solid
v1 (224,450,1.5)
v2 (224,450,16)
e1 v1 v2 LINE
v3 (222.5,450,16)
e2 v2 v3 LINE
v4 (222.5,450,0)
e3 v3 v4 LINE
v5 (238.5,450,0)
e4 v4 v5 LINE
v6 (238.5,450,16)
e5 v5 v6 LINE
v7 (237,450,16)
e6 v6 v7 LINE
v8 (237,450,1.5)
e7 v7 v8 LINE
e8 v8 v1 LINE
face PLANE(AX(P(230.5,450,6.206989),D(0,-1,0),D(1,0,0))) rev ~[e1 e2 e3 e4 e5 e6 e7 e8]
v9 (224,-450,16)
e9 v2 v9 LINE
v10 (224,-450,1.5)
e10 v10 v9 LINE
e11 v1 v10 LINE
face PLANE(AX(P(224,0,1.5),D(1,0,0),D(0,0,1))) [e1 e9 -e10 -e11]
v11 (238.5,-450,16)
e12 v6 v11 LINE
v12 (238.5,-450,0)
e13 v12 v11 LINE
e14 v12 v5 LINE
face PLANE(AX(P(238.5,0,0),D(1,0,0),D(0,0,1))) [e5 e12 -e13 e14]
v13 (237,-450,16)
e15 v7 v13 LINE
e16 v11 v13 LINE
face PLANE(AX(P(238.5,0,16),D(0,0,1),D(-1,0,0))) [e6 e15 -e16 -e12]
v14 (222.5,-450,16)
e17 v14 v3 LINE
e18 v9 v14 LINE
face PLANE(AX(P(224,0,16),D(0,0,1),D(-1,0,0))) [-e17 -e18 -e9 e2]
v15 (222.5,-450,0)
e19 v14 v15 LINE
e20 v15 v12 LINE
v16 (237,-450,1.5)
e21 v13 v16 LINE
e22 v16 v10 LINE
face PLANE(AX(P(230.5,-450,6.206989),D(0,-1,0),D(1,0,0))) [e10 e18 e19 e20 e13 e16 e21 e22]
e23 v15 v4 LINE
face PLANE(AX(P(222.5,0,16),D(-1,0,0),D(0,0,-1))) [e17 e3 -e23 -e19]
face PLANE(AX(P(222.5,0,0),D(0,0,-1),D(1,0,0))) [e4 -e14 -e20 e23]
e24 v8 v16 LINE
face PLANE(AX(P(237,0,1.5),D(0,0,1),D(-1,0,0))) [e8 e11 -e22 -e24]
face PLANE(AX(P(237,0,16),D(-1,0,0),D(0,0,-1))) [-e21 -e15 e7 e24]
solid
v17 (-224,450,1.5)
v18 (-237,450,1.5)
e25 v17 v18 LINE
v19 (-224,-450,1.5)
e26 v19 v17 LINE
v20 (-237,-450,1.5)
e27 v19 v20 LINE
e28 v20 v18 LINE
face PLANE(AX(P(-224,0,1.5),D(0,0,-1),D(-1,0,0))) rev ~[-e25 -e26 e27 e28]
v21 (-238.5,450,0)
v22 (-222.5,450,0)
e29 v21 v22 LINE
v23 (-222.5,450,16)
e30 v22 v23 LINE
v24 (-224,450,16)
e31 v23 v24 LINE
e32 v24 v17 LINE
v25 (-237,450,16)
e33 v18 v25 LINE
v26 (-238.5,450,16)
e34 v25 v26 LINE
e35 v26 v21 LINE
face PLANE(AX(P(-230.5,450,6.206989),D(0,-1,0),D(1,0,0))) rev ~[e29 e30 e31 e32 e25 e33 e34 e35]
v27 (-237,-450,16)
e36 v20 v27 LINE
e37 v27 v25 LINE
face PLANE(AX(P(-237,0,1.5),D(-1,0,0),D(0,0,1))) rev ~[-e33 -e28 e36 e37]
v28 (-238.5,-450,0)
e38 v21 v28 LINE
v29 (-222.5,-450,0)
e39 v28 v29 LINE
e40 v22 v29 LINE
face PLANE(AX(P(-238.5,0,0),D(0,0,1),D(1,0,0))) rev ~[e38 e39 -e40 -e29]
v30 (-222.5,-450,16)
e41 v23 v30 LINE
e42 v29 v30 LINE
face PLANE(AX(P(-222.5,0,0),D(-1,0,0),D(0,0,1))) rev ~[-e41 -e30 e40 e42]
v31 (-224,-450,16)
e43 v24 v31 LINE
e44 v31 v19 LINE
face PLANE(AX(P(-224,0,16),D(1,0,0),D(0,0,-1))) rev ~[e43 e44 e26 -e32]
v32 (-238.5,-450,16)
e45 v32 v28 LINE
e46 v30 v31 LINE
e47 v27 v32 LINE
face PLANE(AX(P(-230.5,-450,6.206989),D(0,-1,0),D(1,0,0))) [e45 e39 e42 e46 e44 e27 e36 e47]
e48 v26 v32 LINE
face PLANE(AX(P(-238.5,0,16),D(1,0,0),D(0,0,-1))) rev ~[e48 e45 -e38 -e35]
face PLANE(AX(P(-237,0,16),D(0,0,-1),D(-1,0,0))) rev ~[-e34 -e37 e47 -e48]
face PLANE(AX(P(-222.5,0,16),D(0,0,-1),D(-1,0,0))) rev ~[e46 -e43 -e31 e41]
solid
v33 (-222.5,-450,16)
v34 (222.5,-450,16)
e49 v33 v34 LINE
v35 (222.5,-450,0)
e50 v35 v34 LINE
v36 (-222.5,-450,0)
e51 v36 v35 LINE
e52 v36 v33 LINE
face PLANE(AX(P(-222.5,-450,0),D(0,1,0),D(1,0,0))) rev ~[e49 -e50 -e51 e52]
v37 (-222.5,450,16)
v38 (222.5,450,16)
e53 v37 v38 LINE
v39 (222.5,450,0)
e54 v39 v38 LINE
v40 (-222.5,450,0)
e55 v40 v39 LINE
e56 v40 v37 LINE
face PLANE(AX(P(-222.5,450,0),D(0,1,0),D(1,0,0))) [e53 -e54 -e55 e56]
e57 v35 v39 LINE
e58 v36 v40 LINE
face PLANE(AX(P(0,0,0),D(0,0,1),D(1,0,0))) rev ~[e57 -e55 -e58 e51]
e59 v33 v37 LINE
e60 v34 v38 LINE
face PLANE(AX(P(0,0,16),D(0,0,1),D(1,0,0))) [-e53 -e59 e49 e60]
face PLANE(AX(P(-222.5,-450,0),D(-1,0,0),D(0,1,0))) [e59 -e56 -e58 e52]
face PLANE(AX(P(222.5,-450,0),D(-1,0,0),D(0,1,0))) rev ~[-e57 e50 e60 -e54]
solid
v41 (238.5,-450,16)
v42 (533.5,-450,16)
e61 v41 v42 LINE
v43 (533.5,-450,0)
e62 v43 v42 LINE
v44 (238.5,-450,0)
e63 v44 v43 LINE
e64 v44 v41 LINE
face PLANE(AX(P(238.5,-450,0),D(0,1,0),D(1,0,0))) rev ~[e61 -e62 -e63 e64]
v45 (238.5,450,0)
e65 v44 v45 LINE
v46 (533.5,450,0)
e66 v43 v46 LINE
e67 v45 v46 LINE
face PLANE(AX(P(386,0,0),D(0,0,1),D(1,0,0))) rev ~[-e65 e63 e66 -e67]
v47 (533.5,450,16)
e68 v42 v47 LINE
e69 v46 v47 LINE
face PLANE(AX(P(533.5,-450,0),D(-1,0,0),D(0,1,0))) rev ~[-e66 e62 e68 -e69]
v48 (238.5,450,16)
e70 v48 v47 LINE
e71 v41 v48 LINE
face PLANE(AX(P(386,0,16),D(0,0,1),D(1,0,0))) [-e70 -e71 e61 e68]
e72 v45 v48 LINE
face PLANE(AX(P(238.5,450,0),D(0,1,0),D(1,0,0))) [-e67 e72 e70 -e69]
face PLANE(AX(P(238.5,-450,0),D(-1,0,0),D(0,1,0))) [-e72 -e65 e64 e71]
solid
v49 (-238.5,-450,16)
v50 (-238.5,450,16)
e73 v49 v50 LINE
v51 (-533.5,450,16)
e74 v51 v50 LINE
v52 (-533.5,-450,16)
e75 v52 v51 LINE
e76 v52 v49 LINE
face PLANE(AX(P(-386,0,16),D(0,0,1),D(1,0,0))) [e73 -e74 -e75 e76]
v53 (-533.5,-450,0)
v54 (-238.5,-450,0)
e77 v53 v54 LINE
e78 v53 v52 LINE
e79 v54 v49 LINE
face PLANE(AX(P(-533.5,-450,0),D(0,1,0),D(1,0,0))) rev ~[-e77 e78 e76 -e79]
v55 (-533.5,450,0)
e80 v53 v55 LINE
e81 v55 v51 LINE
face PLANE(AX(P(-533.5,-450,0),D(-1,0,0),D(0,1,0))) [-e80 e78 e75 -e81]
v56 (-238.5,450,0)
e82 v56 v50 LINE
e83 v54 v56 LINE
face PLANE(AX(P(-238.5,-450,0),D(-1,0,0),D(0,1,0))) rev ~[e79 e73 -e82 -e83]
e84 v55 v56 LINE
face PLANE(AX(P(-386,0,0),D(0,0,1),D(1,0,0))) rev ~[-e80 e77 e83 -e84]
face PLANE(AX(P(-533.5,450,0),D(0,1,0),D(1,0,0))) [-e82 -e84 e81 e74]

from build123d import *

# Parameters (mm, degrees)
F0_W     = 295
F0_H     = 900
F0_W_2   = 445
F1_DEPTH = 16
F3_DEPTH = 450


with BuildPart() as f1:
    # F0 (on Top) → F1 (new body)
    with BuildSketch(Plane.XY):
        with Locations((-386, 0)):
            Rectangle(F0_W, F0_H)
        Rectangle(F0_W_2, F0_H)
        with Locations((386, 0)):
            Rectangle(F0_W, F0_H)
    extrude(amount=F1_DEPTH)


with BuildPart() as f3:
    # F2 (on Front) → F3 (new body, symmetric)
    with BuildSketch(Plane.XZ):
        Polygon((-237, 16), (-238.5, 16), (-238.5, 0), (-222.5, 0), (-222.5, 16), (-224, 16), (-224, 1.5), (-237, 1.5), align=None)
        Polygon((238.5, 0), (238.5, 16), (237, 16), (237, 1.5), (224, 1.5), (224, 16), (222.5, 16), (222.5, 0), align=None)
    extrude(amount=F3_DEPTH, both=True)


solid = Compound([f1.part, f3.part])
